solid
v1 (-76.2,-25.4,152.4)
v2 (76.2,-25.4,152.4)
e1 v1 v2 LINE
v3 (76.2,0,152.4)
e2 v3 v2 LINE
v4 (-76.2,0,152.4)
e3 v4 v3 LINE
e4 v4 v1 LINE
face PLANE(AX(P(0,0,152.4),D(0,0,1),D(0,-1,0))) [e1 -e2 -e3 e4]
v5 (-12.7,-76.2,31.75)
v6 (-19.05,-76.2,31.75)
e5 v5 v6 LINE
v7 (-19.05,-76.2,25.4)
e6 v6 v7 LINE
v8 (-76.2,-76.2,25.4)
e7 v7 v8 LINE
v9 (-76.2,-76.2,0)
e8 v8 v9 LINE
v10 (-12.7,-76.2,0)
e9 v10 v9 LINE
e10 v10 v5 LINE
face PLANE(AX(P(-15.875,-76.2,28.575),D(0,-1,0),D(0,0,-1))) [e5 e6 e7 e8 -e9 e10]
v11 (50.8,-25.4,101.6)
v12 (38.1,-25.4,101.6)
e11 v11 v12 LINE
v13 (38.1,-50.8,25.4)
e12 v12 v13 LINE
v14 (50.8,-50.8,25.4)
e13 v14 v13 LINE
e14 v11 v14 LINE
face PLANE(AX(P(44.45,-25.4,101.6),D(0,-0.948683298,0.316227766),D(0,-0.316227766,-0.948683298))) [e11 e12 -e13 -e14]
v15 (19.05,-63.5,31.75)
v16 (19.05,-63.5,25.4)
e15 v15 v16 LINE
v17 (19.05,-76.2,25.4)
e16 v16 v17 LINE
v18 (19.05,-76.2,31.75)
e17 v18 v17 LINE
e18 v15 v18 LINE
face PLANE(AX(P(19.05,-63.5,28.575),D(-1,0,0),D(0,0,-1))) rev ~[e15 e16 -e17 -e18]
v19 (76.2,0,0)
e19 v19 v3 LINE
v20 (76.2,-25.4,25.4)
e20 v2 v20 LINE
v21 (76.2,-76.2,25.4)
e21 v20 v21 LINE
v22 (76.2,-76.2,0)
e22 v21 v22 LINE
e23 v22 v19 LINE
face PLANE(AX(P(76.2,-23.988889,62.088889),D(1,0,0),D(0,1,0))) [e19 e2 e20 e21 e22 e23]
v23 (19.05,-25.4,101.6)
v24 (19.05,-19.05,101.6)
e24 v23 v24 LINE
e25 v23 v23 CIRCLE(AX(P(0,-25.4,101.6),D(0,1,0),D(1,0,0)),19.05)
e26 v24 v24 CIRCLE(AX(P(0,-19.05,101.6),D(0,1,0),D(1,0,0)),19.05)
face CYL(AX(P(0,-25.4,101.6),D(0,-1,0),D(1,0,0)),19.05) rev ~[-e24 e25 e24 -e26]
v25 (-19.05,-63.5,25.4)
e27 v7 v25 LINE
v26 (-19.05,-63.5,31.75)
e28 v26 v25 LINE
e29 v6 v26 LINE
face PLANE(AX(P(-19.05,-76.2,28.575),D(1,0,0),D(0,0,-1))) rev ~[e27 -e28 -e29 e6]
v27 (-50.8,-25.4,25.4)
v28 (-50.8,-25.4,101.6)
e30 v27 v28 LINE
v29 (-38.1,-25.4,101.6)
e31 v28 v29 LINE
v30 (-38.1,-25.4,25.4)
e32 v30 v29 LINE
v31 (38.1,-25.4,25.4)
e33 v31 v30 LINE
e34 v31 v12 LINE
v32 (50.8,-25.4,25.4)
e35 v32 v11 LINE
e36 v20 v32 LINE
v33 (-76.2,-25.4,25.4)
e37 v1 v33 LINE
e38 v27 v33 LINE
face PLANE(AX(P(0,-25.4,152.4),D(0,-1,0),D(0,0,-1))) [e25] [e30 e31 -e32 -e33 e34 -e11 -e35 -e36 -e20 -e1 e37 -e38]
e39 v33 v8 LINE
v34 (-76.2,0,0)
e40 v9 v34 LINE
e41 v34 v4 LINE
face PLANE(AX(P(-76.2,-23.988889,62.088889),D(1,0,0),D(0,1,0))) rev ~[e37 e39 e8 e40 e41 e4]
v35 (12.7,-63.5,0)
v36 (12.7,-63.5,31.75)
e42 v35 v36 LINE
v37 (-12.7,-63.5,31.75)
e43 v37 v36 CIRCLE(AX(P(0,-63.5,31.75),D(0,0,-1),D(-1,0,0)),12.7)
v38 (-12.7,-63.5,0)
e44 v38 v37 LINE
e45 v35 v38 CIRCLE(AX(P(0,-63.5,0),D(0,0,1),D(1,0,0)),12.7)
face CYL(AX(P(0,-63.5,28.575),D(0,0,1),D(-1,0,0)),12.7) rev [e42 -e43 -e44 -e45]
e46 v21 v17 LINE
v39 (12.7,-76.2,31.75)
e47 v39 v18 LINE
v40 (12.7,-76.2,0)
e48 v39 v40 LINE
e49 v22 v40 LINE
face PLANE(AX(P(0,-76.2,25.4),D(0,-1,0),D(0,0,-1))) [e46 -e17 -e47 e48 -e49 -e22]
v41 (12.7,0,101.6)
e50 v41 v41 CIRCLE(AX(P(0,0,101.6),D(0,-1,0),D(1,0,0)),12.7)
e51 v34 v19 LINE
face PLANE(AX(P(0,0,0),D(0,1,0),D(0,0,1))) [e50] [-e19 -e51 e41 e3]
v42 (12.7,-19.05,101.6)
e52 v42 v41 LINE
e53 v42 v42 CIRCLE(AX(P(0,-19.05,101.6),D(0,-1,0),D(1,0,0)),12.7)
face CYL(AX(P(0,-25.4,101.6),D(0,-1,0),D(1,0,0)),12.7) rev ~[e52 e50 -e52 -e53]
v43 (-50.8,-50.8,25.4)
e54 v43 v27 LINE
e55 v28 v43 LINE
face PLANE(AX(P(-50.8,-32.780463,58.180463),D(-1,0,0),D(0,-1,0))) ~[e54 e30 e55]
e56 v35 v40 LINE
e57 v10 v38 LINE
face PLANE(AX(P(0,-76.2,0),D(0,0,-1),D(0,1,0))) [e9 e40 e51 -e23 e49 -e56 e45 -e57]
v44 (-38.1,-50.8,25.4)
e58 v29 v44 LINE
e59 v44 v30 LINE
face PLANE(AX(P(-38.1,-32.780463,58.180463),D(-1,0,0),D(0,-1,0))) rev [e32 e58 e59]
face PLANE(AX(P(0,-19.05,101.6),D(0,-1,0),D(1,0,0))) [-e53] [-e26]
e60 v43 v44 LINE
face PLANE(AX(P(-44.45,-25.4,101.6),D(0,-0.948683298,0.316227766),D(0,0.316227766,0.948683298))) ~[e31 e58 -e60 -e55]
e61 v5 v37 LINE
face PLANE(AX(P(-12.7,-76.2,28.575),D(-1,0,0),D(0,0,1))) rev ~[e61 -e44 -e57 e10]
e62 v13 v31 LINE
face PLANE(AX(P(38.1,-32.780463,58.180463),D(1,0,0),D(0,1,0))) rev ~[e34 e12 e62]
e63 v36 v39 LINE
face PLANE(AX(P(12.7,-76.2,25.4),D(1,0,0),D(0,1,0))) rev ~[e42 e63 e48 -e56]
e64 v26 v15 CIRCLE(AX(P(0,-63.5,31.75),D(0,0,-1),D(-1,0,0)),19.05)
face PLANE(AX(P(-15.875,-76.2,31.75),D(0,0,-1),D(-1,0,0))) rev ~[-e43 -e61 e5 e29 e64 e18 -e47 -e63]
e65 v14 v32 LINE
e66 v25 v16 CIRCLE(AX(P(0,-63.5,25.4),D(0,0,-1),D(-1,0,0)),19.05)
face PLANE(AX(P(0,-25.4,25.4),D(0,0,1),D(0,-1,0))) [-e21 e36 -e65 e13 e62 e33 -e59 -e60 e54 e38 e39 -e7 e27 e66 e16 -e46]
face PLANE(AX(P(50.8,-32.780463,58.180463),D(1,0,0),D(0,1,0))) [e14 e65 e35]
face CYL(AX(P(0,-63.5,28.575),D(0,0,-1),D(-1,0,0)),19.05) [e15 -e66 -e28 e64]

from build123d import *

# Parameters (mm, degrees)
F1_DEPTH = 76.2
F3_DEPTH = 25.401
F4_R     = 12.7
F5_DEPTH = 25.401
F4_R_2   = 19.05
F6_DEPTH = 6.35
F9_DEPTH = 6.35
F11_W    = 6.35
F11_H    = 6.35


with BuildPart() as f1:
    # F0 (on Right) → F1 (new body, symmetric)
    with BuildSketch(Plane.YZ):
        Polygon((-76.2, 0), (0, 0), (0, 152.4), (-25.4, 152.4), (-25.4, 25.4), (-76.2, 25.4), align=None)
    extrude(amount=F1_DEPTH, both=True)

    # F2 (on face) → F3 (cut, through all)
    with BuildSketch(Plane.XY.offset(25.4)):
        with BuildLine():
            Line((12.7, -76.2), (12.7, -63.5))
            ThreePointArc((12.7, -63.5), (0, -50.8), (-12.7, -63.5))
            Line((-12.7, -63.5), (-12.7, -76.2))
            Line((-12.7, -76.2), (12.7, -76.2))
        make_face()
    extrude(amount=-F3_DEPTH, mode=Mode.SUBTRACT)

    # F4 (on face) → F5 (cut, through all)
    with BuildSketch(Plane.XZ.offset(25.4)):
        with Locations((0, 101.6)):
            Circle(F4_R)
    extrude(amount=-F5_DEPTH, mode=Mode.SUBTRACT)

    # F4 (on face) → F6 (cut)
    with BuildSketch(Plane.XZ.offset(25.4)):
        with Locations((0, 101.6)):
            Circle(F4_R_2)
        with Locations((0, 101.6)):
            Circle(F4_R, mode=Mode.SUBTRACT)
    extrude(amount=-F6_DEPTH, mode=Mode.SUBTRACT)

    # F8 (on offset) → F9 (join, symmetric)
    with BuildSketch(Plane.YZ.offset(44.45)):
        Polygon((-50.8, 25.4), (-25.4, 25.4), (-25.4, 101.6), align=None)
    extrude(amount=F9_DEPTH, both=True)

    # F10: F1 across plane


with BuildPart() as f1_1:
    add(f1.part)
    add(f1.part.mirror(Plane.YZ))

    # F12: sweep along a path in F2
    with BuildLine(Plane.XY.offset(25.4)) as f12_path:
        Line((-12.7, -76.2), (-12.7, -63.5))
        ThreePointArc((-12.7, -63.5), (0, -50.8), (12.7, -63.5))
        Line((12.7, -63.5), (12.7, -76.2))
    # F11 (on face) → F12 (sweep)
    with BuildSketch(Plane.XZ.offset(76.2)):
        with Locations((-15.875, 28.575)):
            Rectangle(F11_W, F11_H)
    sweep(path=f12_path.line)


solid = f1_1.part
